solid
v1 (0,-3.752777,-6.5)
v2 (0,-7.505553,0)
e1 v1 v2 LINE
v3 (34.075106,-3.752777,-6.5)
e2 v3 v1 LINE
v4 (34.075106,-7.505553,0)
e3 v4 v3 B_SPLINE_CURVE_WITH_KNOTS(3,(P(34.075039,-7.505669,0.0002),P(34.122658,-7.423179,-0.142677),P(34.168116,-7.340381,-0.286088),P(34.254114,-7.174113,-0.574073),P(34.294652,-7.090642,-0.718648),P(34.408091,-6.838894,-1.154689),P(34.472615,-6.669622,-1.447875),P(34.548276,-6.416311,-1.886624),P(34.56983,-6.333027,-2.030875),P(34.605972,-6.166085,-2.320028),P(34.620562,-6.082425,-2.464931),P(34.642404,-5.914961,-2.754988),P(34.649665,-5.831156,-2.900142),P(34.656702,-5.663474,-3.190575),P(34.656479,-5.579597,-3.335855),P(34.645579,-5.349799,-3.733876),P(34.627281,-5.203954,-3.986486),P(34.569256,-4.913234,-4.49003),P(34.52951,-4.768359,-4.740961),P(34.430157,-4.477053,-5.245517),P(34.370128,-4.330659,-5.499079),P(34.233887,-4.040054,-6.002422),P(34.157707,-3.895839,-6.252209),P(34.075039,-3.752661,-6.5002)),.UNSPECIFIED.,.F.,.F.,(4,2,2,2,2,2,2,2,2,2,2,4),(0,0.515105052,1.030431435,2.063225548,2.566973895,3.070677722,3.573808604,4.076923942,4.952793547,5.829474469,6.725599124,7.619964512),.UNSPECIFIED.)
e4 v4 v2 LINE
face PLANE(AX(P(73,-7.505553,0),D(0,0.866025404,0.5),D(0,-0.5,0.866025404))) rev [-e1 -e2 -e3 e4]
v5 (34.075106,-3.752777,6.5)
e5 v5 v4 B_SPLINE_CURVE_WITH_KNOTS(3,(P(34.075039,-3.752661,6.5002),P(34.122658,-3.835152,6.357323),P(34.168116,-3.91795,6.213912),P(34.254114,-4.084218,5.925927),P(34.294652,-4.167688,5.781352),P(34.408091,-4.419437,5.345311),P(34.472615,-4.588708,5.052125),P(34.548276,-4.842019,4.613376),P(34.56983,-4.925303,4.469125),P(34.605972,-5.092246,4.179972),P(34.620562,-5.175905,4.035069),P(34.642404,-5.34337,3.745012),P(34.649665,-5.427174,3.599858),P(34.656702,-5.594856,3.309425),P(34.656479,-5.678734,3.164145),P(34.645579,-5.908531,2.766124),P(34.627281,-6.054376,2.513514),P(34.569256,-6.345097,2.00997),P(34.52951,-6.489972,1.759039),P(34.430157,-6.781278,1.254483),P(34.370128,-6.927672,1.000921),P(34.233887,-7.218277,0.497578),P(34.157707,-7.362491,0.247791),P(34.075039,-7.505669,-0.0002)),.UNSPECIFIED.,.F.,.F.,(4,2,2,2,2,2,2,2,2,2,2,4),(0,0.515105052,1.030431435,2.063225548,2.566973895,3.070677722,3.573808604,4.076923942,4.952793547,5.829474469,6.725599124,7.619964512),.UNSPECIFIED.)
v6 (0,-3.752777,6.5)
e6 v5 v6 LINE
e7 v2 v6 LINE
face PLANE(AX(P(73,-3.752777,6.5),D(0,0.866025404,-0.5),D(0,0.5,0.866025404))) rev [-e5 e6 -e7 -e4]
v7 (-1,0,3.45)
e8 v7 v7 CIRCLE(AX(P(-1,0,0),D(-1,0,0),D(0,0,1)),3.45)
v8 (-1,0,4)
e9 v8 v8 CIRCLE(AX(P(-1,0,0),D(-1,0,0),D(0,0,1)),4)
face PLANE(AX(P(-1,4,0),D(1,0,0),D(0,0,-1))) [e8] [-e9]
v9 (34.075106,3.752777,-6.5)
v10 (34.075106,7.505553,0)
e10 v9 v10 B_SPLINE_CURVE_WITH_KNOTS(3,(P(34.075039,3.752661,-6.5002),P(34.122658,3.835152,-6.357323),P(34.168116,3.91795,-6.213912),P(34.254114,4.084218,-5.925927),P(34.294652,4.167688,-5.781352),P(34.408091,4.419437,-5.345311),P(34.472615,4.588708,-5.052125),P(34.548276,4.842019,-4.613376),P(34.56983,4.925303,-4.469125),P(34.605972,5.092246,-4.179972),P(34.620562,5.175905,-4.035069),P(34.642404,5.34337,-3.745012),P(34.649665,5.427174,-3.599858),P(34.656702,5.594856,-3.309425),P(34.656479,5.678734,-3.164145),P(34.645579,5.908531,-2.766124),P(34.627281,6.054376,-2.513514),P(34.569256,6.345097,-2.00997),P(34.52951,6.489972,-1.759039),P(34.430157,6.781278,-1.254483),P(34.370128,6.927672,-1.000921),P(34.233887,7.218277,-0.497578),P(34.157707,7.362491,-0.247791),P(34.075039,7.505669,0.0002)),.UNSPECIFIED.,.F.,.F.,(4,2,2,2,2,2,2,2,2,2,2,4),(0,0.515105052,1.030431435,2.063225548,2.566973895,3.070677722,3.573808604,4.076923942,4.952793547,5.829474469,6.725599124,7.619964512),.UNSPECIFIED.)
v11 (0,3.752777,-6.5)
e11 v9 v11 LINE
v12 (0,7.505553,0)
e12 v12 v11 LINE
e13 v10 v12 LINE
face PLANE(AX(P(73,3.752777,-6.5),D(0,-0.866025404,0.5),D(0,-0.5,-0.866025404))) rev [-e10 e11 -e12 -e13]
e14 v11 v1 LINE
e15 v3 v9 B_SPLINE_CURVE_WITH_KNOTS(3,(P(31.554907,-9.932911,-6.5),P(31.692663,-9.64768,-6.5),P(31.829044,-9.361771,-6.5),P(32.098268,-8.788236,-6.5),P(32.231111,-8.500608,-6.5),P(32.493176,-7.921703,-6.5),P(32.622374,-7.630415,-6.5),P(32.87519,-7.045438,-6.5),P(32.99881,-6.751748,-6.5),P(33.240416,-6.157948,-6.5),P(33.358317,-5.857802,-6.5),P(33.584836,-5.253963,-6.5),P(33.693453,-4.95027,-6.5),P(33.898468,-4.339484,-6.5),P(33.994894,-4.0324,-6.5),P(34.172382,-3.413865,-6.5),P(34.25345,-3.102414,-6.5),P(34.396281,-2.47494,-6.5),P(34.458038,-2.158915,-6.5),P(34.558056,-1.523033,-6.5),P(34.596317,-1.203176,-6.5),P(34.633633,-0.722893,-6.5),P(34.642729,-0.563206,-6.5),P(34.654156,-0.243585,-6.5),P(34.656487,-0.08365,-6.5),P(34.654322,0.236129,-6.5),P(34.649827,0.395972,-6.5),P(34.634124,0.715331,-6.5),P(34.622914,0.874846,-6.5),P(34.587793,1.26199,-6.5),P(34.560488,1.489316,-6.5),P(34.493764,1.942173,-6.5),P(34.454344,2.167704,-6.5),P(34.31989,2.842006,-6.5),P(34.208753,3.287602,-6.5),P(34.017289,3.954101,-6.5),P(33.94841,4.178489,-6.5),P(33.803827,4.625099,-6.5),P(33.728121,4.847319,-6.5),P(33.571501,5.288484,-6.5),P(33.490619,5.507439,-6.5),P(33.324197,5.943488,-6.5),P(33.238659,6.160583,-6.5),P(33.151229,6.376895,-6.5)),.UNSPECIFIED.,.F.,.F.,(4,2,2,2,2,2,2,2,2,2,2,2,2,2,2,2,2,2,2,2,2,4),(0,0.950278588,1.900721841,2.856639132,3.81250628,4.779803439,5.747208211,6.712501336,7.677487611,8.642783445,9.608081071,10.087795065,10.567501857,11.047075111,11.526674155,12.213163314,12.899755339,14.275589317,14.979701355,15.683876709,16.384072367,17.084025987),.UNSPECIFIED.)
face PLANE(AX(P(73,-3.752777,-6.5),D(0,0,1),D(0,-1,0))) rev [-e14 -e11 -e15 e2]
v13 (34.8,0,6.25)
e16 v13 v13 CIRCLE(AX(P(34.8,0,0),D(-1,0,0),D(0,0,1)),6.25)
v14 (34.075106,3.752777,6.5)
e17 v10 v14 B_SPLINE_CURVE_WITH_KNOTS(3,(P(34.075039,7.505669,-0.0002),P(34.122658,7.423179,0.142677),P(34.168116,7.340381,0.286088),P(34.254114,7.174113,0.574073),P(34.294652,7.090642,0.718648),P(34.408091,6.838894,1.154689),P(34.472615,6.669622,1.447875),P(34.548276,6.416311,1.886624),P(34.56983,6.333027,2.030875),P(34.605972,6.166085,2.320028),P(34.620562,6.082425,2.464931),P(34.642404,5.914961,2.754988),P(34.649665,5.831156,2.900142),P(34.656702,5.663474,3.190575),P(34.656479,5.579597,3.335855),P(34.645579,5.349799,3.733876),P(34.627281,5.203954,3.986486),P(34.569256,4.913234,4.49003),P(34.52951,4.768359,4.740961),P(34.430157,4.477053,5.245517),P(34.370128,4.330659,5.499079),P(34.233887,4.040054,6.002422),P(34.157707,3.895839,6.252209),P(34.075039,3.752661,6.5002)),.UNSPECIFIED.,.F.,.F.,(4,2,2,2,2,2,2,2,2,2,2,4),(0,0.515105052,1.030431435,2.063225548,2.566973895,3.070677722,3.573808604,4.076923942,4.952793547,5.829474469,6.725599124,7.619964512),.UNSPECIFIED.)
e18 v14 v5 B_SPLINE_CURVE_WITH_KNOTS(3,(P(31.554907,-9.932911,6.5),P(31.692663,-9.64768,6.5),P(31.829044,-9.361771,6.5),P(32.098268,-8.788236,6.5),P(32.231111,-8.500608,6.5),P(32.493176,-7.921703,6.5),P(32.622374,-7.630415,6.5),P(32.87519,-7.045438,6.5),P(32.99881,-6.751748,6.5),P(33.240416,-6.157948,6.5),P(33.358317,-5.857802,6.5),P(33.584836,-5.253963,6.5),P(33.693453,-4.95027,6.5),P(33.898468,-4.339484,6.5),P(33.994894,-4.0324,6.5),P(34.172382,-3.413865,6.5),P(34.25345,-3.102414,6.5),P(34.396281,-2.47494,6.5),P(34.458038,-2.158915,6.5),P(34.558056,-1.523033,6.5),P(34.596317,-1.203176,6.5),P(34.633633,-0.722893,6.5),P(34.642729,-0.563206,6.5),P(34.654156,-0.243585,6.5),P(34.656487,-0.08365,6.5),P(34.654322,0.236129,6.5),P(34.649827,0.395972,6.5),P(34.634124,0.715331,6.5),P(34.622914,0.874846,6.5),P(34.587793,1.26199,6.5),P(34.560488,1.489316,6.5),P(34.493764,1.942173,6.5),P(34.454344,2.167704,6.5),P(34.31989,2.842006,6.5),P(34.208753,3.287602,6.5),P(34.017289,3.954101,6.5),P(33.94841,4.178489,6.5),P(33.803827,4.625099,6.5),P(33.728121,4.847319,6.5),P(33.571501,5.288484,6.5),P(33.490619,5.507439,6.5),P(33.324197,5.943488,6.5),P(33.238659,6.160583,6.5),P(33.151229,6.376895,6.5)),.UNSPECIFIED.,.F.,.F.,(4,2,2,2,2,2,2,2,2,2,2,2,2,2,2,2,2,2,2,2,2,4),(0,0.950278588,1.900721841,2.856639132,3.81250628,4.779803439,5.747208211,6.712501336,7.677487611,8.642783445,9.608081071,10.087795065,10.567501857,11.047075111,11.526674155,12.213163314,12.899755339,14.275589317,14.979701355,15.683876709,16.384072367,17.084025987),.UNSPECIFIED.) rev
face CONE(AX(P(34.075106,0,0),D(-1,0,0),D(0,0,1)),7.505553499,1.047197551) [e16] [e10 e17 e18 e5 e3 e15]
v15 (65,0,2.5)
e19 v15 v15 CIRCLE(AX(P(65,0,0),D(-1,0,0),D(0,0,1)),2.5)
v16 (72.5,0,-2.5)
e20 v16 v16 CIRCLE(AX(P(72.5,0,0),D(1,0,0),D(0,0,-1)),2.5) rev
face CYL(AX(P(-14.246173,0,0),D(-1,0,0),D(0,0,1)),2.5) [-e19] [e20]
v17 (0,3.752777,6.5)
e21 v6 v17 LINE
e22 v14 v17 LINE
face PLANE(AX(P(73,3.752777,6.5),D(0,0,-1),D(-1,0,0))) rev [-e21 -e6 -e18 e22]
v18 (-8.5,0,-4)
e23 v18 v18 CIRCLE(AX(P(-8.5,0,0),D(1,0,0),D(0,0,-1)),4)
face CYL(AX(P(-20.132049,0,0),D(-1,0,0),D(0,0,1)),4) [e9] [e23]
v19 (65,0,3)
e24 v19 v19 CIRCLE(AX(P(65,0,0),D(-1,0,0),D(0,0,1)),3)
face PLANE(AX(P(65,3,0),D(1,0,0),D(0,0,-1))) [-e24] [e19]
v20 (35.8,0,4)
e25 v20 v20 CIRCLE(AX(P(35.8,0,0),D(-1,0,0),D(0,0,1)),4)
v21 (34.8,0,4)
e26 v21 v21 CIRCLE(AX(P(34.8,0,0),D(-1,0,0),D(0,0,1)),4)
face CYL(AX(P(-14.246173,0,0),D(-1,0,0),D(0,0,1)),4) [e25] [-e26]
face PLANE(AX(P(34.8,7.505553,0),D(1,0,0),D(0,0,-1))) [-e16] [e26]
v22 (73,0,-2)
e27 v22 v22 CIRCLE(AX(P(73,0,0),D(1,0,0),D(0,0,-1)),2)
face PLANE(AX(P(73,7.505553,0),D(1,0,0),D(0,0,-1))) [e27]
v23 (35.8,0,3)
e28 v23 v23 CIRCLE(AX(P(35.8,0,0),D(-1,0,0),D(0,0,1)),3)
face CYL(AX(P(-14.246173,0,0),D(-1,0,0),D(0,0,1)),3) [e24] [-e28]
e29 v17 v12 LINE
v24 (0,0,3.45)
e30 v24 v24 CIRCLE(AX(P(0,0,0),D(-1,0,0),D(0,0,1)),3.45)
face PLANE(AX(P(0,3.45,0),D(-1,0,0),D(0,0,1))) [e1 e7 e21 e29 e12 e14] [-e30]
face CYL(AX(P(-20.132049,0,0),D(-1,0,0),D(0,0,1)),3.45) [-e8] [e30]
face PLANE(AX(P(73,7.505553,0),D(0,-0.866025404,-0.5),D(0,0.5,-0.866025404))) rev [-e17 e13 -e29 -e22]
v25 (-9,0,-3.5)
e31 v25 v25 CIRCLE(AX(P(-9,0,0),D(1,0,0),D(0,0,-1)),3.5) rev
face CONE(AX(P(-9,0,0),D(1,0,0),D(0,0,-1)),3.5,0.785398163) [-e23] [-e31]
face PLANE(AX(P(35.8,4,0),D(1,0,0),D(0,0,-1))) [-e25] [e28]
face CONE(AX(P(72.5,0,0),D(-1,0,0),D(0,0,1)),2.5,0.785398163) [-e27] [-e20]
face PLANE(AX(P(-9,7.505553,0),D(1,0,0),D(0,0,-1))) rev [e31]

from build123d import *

# Parameters (mm, degrees)
BOSS_EXTRUDE1_START = -9
BOSS_EXTRUDE1_DEPTH = 82
CHAMFER1_SIZE       = 0.5


with BuildPart() as part:
    # Sketch1 → Boss-Extrude1 (new body)
    with BuildSketch(Plane(origin=(0, 0, 0), x_dir=(0, 0, -1), z_dir=(1, 0, 0)).offset(BOSS_EXTRUDE1_START)):
        Polygon((0, 7.505553499), (-6.5, 3.75277675), (-6.5, -3.75277675), (0, -7.505553499), (6.5, -3.75277675), (6.5, 3.75277675), align=None)
    extrude(amount=BOSS_EXTRUDE1_DEPTH)

    # Sketch2 → Cut-Revolve1 (revolve, cut)
    with BuildSketch(Plane.XY, mode=Mode.PRIVATE) as cut_revolve1_sk:
        Polygon((0, 7.505553499), (-9, 7.505553499), (-9, 4), (-1, 4), (-1, 3.45), (0, 3.45), align=None)
    revolve(cut_revolve1_sk.sketch.rotate(Axis((-20.13204944, 0, 0), (1, 0, 0)), 90), axis=Axis((-20.13204944, 0, 0), (1, 0, 0)), mode=Mode.SUBTRACT)

    # Sketch3 → Cut-Revolve2 (revolve, cut)
    with BuildSketch(Plane.XY, mode=Mode.PRIVATE) as cut_revolve2_sk:
        Polygon((34.8, 7.505553499), (34.8, 4), (35.8, 4), (35.8, 3), (65, 3), (65, 2.5), (73, 2.5), (73, 7.505553499), align=None)
    revolve(cut_revolve2_sk.sketch.rotate(Axis((-14.24617289, 0, 0), (1, 0, 0)), 90), axis=Axis((-14.24617289, 0, 0), (1, 0, 0)), mode=Mode.SUBTRACT)

    # Sketch4 → Cut-Revolve3 (revolve, cut)
    with BuildSketch(Plane.XY, mode=Mode.PRIVATE) as cut_revolve3_sk:
        Polygon((34.8, 7.505553499), (34.075105849, 7.505553499), (34.8, 6.25), align=None)
    revolve(cut_revolve3_sk.sketch.rotate(Axis((-12.936203068, 0, 0), (1, 0, 0)), 90), axis=Axis((-12.936203068, 0, 0), (1, 0, 0)), mode=Mode.SUBTRACT)

    # Chamfer1
    chamfer1_edges = [part.edges().sort_by_distance(p)[0] for p in [
        (-9, 0, -4),
        (73, 0, -2.5),
    ]]
    chamfer(chamfer1_edges, length=CHAMFER1_SIZE)


solid = part.part
